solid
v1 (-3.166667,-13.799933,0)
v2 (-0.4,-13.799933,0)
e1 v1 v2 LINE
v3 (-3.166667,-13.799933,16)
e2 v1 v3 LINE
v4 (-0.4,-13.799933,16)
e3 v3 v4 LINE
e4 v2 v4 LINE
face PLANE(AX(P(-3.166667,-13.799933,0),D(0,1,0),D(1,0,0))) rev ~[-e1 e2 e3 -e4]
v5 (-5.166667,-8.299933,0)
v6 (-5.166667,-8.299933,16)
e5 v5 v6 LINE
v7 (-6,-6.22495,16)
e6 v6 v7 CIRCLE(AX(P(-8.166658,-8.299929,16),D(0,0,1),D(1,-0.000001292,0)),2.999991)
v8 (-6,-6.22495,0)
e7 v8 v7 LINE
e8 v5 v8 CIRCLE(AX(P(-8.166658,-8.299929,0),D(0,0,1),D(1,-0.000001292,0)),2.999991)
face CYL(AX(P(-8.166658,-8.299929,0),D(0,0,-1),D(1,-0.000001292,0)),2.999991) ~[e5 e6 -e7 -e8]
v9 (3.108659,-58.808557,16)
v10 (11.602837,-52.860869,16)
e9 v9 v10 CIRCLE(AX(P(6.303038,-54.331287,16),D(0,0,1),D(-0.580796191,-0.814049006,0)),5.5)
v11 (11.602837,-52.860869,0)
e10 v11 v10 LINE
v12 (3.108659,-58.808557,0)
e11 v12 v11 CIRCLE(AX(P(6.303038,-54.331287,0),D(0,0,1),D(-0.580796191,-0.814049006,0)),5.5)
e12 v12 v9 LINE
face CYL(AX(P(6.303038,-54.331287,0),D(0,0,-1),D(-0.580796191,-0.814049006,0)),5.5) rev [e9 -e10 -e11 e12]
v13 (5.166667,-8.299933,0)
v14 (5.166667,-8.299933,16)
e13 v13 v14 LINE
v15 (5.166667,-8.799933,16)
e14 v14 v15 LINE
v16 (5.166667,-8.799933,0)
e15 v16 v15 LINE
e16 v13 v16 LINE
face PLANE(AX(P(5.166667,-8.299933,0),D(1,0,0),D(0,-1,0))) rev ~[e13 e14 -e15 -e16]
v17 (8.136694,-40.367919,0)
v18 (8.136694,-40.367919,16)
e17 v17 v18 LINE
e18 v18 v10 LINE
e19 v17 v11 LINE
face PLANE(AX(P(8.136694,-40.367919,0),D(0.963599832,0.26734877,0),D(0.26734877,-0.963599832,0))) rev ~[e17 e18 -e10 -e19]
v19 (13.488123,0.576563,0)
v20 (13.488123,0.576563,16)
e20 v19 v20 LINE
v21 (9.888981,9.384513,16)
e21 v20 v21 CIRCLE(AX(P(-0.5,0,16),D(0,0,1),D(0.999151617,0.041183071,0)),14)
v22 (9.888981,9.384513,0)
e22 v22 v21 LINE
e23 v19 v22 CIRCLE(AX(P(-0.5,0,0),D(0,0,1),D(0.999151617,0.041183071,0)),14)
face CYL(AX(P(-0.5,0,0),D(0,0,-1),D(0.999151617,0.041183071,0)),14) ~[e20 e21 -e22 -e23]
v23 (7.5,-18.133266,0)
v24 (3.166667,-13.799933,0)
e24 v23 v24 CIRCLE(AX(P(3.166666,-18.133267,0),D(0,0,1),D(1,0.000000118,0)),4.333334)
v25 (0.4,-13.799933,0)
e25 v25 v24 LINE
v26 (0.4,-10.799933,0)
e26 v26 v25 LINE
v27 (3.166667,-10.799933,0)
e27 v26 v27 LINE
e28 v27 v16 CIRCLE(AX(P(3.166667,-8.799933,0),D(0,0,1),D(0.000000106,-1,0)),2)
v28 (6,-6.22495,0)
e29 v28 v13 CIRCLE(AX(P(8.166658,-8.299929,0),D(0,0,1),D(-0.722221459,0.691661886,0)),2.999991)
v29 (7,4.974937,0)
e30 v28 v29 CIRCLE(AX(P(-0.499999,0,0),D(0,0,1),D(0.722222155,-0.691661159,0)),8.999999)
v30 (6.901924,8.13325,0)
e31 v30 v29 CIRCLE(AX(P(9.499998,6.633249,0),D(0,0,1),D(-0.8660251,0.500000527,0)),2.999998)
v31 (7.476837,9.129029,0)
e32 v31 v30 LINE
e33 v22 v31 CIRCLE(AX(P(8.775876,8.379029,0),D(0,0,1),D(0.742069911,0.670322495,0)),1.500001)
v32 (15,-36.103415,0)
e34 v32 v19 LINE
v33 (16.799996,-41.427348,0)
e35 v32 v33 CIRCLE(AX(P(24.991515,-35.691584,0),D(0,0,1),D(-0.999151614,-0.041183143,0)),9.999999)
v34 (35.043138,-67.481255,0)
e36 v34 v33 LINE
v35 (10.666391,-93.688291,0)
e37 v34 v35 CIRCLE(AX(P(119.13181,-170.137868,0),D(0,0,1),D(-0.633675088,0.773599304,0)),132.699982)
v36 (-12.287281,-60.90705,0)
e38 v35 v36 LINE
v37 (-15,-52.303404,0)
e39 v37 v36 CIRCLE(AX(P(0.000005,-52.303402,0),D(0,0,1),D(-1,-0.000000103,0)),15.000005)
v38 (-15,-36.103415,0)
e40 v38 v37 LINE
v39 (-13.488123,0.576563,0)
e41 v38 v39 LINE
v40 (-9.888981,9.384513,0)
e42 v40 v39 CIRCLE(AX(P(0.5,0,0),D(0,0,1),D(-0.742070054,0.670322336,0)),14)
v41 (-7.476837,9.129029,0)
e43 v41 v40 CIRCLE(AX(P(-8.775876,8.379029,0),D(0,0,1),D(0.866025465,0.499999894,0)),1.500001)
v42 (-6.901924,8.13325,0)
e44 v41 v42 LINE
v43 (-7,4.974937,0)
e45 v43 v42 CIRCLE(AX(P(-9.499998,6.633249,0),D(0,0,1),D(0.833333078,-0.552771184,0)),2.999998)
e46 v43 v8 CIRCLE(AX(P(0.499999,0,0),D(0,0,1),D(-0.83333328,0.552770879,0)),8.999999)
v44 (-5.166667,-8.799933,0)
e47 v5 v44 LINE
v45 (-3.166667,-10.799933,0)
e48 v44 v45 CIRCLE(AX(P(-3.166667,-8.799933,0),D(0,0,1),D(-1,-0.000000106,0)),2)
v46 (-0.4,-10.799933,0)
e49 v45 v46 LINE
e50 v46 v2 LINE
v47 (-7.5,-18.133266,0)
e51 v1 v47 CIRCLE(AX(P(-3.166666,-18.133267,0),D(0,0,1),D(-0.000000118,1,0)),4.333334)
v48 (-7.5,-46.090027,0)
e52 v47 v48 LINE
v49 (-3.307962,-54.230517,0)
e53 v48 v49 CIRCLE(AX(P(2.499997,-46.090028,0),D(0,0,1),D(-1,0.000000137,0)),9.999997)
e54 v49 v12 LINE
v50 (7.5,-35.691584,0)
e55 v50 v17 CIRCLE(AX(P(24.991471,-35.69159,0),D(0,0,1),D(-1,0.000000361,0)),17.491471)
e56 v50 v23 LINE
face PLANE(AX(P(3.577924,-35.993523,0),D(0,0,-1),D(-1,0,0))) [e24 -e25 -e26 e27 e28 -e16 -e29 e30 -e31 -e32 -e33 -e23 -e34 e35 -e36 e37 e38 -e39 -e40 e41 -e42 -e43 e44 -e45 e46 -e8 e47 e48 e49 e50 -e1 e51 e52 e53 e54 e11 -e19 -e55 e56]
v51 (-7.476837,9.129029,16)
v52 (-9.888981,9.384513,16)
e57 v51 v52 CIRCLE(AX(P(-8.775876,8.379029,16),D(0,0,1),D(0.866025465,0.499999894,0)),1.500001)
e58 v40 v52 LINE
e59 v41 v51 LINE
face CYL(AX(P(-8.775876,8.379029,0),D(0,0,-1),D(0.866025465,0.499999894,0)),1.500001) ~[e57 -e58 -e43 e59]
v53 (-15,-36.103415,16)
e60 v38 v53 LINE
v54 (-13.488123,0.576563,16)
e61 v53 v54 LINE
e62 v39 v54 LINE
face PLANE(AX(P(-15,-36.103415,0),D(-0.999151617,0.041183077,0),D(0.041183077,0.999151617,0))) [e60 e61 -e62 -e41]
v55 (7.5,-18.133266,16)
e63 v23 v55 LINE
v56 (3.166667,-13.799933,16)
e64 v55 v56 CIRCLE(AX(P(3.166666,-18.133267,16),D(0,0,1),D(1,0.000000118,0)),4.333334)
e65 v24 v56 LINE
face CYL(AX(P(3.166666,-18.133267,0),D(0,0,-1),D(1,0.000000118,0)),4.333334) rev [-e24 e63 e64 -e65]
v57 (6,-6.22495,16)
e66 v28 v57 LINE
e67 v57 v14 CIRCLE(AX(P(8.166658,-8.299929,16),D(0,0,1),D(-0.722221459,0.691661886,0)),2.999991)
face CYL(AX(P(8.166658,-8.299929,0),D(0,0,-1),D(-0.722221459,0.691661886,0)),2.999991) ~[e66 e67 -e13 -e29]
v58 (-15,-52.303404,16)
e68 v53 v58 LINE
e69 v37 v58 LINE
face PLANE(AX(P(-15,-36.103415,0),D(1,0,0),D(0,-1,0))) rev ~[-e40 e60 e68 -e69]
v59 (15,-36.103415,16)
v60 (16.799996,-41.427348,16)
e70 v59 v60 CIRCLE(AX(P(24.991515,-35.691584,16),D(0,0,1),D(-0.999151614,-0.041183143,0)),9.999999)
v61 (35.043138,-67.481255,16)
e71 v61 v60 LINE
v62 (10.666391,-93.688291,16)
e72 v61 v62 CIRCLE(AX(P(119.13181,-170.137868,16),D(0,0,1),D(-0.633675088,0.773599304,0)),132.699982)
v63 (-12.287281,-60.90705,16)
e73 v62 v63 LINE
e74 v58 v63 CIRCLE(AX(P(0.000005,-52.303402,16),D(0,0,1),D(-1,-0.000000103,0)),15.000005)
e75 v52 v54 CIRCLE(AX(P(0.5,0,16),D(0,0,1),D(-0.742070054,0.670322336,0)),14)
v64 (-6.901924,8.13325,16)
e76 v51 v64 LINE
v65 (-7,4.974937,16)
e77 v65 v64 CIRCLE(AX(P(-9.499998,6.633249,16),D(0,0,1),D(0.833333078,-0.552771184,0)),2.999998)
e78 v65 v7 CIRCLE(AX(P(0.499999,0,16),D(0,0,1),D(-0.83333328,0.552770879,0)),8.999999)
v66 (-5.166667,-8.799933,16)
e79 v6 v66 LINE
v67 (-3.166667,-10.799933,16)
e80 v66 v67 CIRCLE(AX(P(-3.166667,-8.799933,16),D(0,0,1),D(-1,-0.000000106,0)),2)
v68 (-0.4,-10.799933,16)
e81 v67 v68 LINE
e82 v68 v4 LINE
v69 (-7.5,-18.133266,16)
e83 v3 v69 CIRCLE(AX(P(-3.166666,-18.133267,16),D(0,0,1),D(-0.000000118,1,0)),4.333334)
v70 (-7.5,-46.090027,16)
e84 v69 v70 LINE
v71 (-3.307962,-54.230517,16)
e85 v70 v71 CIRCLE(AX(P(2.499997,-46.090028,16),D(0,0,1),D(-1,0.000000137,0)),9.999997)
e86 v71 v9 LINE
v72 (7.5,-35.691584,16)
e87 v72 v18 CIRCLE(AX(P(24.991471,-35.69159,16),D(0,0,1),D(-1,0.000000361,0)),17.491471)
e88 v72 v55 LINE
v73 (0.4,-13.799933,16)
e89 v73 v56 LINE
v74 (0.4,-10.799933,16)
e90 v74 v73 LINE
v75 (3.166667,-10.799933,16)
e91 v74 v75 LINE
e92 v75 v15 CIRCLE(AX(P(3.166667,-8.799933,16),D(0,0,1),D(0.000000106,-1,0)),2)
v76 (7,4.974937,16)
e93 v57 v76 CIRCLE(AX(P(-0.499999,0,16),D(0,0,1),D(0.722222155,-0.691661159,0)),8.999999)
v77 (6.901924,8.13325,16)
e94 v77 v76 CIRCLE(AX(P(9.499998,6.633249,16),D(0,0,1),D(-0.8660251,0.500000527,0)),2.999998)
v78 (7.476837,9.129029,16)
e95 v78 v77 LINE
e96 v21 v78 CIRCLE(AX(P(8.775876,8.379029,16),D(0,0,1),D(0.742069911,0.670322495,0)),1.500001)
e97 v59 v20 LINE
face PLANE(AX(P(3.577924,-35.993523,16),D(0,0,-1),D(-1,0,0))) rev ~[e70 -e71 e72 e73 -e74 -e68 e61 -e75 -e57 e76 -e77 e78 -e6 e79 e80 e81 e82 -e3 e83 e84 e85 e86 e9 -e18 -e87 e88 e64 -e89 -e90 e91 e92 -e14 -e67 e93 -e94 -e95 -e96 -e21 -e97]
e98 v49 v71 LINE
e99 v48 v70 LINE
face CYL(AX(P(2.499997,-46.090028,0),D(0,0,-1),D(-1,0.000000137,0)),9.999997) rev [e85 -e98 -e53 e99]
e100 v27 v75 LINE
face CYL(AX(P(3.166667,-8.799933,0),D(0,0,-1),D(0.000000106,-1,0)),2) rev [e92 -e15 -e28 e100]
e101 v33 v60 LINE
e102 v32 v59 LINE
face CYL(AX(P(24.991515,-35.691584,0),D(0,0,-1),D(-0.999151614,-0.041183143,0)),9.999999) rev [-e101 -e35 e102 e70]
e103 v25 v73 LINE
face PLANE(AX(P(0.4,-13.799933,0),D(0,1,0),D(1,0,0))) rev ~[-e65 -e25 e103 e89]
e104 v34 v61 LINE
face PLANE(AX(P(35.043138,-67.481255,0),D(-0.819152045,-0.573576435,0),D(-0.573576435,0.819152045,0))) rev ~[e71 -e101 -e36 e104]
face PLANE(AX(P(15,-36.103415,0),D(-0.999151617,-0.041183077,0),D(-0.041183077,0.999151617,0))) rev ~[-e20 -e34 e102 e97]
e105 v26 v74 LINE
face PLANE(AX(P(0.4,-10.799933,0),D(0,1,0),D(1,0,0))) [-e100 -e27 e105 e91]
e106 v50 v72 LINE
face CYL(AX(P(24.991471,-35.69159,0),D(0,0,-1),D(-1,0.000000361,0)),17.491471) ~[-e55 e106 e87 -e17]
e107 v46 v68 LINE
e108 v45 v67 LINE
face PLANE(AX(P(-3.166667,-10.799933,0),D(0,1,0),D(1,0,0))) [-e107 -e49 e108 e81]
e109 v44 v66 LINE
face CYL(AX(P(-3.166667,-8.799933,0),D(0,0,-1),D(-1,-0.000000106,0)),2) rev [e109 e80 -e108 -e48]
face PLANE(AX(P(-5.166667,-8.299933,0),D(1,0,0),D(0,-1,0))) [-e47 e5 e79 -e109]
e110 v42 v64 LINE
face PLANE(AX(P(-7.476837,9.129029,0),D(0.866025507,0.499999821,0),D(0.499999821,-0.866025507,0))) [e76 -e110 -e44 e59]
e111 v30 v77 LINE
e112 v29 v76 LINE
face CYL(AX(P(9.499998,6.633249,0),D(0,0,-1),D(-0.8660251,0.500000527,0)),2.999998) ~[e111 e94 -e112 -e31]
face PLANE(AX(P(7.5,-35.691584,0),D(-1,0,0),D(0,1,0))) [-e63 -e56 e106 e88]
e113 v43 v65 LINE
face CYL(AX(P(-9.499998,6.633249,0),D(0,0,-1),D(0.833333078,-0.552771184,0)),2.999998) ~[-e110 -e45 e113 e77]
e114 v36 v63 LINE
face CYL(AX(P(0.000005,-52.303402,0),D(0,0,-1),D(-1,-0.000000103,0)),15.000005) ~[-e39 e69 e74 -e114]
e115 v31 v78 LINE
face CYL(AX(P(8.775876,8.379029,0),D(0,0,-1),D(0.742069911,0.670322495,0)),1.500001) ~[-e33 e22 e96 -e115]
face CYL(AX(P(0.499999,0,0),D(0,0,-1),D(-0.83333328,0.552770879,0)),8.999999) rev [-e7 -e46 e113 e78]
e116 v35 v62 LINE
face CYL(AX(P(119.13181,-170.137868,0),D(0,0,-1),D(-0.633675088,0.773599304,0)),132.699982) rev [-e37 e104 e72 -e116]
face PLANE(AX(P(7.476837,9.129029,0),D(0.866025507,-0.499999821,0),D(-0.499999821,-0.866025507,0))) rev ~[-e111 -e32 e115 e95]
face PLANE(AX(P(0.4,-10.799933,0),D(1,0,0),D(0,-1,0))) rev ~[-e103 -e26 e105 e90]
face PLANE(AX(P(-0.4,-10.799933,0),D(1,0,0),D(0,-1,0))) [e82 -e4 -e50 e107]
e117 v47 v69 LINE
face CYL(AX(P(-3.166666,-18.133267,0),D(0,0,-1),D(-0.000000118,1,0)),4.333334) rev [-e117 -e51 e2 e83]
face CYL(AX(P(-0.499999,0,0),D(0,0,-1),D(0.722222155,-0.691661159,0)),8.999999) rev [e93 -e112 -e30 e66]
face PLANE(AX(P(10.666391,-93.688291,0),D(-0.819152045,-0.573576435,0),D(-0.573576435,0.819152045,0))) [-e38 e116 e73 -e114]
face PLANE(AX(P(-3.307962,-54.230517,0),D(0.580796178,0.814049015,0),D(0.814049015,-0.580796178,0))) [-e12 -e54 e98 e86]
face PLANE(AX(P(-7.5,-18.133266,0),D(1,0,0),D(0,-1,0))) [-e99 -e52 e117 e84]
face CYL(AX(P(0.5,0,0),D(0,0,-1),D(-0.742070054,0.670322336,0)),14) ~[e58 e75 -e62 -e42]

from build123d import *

# Parameters (mm, degrees)
PAD_DEPTH = 16


with BuildPart() as part:
    # Sketch008 → Pad (new body)
    with BuildSketch(Plane.XY):
        with BuildLine():
            Line((-15, -36.103415), (-13.488123, 0.576563))
            ThreePointArc((-9.888981, 9.384513), (-12.459776, 5.295679), (-13.488123, 0.576563))
            ThreePointArc((-7.476837, 9.129029), (-8.617886, 9.870686), (-9.888981, 9.384513))
            Line((-7.476837, 9.129029), (-6.901924, 8.13325))
            ThreePointArc((-7, 4.974937), (-6.501445, 6.540134), (-6.901924, 8.13325))
            ThreePointArc((-7, 4.974937), (-8.464339, -0.800395), (-6, -6.22495))
            ThreePointArc((-5.166667, -8.299933), (-5.382784, -7.181899), (-6, -6.22495))
            Line((-5.166667, -8.299933), (-5.166667, -8.799933))
            ThreePointArc((-5.166667, -8.799933), (-4.58088, -10.214147), (-3.166667, -10.799933))
            Line((-3.166667, -10.799933), (-0.4, -10.799933))
            Line((-0.4, -10.799933), (-0.4, -13.799933))
            Line((-3.166667, -13.799933), (-0.4, -13.799933))
            ThreePointArc((-3.166667, -13.799933), (-6.230796, -15.069137), (-7.5, -18.133266))
            Line((-7.5, -18.133266), (-7.5, -46.090027))
            ThreePointArc((-7.5, -46.090027), (-6.390434, -50.668257), (-3.307962, -54.230517))
            Line((-3.307962, -54.230517), (3.108659, -58.808557))
            ThreePointArc((3.108659, -58.808557), (9.457708, -58.836624), (11.602837, -52.860869))
            Line((8.136694, -40.367919), (11.602837, -52.860869))
            ThreePointArc((7.5, -35.691584), (7.659904, -38.051324), (8.136694, -40.367919))
            Line((7.5, -35.691584), (7.5, -18.133266))
            ThreePointArc((7.5, -18.133266), (6.230796, -15.069137), (3.166667, -13.799933))
            Line((0.4, -13.799933), (3.166667, -13.799933))
            Line((0.4, -10.799933), (0.4, -13.799933))
            Line((0.4, -10.799933), (3.166667, -10.799933))
            ThreePointArc((3.166667, -10.799933), (4.58088, -10.214147), (5.166667, -8.799933))
            Line((5.166667, -8.299933), (5.166667, -8.799933))
            ThreePointArc((6, -6.22495), (5.382784, -7.181899), (5.166667, -8.299933))
            ThreePointArc((6, -6.22495), (8.464339, -0.800395), (7, 4.974937))
            ThreePointArc((6.901924, 8.13325), (6.501445, 6.540134), (7, 4.974937))
            Line((7.476837, 9.129029), (6.901924, 8.13325))
            ThreePointArc((9.888981, 9.384513), (8.617886, 9.870686), (7.476837, 9.129029))
            ThreePointArc((13.488123, 0.576563), (12.459776, 5.295679), (9.888981, 9.384513))
            Line((15, -36.103415), (13.488123, 0.576563))
            ThreePointArc((15, -36.103415), (15.518303, -38.894431), (16.799996, -41.427348))
            Line((35.043138, -67.481255), (16.799996, -41.427348))
            ThreePointArc((35.043138, -67.481255), (21.967147, -79.759147), (10.666391, -93.688291))
            Line((10.666391, -93.688291), (-12.287281, -60.90705))
            ThreePointArc((-15, -52.303404), (-14.305754, -56.813991), (-12.287281, -60.90705))
            Line((-15, -36.103415), (-15, -52.303404))
        make_face()
    extrude(amount=PAD_DEPTH)


solid = part.part
